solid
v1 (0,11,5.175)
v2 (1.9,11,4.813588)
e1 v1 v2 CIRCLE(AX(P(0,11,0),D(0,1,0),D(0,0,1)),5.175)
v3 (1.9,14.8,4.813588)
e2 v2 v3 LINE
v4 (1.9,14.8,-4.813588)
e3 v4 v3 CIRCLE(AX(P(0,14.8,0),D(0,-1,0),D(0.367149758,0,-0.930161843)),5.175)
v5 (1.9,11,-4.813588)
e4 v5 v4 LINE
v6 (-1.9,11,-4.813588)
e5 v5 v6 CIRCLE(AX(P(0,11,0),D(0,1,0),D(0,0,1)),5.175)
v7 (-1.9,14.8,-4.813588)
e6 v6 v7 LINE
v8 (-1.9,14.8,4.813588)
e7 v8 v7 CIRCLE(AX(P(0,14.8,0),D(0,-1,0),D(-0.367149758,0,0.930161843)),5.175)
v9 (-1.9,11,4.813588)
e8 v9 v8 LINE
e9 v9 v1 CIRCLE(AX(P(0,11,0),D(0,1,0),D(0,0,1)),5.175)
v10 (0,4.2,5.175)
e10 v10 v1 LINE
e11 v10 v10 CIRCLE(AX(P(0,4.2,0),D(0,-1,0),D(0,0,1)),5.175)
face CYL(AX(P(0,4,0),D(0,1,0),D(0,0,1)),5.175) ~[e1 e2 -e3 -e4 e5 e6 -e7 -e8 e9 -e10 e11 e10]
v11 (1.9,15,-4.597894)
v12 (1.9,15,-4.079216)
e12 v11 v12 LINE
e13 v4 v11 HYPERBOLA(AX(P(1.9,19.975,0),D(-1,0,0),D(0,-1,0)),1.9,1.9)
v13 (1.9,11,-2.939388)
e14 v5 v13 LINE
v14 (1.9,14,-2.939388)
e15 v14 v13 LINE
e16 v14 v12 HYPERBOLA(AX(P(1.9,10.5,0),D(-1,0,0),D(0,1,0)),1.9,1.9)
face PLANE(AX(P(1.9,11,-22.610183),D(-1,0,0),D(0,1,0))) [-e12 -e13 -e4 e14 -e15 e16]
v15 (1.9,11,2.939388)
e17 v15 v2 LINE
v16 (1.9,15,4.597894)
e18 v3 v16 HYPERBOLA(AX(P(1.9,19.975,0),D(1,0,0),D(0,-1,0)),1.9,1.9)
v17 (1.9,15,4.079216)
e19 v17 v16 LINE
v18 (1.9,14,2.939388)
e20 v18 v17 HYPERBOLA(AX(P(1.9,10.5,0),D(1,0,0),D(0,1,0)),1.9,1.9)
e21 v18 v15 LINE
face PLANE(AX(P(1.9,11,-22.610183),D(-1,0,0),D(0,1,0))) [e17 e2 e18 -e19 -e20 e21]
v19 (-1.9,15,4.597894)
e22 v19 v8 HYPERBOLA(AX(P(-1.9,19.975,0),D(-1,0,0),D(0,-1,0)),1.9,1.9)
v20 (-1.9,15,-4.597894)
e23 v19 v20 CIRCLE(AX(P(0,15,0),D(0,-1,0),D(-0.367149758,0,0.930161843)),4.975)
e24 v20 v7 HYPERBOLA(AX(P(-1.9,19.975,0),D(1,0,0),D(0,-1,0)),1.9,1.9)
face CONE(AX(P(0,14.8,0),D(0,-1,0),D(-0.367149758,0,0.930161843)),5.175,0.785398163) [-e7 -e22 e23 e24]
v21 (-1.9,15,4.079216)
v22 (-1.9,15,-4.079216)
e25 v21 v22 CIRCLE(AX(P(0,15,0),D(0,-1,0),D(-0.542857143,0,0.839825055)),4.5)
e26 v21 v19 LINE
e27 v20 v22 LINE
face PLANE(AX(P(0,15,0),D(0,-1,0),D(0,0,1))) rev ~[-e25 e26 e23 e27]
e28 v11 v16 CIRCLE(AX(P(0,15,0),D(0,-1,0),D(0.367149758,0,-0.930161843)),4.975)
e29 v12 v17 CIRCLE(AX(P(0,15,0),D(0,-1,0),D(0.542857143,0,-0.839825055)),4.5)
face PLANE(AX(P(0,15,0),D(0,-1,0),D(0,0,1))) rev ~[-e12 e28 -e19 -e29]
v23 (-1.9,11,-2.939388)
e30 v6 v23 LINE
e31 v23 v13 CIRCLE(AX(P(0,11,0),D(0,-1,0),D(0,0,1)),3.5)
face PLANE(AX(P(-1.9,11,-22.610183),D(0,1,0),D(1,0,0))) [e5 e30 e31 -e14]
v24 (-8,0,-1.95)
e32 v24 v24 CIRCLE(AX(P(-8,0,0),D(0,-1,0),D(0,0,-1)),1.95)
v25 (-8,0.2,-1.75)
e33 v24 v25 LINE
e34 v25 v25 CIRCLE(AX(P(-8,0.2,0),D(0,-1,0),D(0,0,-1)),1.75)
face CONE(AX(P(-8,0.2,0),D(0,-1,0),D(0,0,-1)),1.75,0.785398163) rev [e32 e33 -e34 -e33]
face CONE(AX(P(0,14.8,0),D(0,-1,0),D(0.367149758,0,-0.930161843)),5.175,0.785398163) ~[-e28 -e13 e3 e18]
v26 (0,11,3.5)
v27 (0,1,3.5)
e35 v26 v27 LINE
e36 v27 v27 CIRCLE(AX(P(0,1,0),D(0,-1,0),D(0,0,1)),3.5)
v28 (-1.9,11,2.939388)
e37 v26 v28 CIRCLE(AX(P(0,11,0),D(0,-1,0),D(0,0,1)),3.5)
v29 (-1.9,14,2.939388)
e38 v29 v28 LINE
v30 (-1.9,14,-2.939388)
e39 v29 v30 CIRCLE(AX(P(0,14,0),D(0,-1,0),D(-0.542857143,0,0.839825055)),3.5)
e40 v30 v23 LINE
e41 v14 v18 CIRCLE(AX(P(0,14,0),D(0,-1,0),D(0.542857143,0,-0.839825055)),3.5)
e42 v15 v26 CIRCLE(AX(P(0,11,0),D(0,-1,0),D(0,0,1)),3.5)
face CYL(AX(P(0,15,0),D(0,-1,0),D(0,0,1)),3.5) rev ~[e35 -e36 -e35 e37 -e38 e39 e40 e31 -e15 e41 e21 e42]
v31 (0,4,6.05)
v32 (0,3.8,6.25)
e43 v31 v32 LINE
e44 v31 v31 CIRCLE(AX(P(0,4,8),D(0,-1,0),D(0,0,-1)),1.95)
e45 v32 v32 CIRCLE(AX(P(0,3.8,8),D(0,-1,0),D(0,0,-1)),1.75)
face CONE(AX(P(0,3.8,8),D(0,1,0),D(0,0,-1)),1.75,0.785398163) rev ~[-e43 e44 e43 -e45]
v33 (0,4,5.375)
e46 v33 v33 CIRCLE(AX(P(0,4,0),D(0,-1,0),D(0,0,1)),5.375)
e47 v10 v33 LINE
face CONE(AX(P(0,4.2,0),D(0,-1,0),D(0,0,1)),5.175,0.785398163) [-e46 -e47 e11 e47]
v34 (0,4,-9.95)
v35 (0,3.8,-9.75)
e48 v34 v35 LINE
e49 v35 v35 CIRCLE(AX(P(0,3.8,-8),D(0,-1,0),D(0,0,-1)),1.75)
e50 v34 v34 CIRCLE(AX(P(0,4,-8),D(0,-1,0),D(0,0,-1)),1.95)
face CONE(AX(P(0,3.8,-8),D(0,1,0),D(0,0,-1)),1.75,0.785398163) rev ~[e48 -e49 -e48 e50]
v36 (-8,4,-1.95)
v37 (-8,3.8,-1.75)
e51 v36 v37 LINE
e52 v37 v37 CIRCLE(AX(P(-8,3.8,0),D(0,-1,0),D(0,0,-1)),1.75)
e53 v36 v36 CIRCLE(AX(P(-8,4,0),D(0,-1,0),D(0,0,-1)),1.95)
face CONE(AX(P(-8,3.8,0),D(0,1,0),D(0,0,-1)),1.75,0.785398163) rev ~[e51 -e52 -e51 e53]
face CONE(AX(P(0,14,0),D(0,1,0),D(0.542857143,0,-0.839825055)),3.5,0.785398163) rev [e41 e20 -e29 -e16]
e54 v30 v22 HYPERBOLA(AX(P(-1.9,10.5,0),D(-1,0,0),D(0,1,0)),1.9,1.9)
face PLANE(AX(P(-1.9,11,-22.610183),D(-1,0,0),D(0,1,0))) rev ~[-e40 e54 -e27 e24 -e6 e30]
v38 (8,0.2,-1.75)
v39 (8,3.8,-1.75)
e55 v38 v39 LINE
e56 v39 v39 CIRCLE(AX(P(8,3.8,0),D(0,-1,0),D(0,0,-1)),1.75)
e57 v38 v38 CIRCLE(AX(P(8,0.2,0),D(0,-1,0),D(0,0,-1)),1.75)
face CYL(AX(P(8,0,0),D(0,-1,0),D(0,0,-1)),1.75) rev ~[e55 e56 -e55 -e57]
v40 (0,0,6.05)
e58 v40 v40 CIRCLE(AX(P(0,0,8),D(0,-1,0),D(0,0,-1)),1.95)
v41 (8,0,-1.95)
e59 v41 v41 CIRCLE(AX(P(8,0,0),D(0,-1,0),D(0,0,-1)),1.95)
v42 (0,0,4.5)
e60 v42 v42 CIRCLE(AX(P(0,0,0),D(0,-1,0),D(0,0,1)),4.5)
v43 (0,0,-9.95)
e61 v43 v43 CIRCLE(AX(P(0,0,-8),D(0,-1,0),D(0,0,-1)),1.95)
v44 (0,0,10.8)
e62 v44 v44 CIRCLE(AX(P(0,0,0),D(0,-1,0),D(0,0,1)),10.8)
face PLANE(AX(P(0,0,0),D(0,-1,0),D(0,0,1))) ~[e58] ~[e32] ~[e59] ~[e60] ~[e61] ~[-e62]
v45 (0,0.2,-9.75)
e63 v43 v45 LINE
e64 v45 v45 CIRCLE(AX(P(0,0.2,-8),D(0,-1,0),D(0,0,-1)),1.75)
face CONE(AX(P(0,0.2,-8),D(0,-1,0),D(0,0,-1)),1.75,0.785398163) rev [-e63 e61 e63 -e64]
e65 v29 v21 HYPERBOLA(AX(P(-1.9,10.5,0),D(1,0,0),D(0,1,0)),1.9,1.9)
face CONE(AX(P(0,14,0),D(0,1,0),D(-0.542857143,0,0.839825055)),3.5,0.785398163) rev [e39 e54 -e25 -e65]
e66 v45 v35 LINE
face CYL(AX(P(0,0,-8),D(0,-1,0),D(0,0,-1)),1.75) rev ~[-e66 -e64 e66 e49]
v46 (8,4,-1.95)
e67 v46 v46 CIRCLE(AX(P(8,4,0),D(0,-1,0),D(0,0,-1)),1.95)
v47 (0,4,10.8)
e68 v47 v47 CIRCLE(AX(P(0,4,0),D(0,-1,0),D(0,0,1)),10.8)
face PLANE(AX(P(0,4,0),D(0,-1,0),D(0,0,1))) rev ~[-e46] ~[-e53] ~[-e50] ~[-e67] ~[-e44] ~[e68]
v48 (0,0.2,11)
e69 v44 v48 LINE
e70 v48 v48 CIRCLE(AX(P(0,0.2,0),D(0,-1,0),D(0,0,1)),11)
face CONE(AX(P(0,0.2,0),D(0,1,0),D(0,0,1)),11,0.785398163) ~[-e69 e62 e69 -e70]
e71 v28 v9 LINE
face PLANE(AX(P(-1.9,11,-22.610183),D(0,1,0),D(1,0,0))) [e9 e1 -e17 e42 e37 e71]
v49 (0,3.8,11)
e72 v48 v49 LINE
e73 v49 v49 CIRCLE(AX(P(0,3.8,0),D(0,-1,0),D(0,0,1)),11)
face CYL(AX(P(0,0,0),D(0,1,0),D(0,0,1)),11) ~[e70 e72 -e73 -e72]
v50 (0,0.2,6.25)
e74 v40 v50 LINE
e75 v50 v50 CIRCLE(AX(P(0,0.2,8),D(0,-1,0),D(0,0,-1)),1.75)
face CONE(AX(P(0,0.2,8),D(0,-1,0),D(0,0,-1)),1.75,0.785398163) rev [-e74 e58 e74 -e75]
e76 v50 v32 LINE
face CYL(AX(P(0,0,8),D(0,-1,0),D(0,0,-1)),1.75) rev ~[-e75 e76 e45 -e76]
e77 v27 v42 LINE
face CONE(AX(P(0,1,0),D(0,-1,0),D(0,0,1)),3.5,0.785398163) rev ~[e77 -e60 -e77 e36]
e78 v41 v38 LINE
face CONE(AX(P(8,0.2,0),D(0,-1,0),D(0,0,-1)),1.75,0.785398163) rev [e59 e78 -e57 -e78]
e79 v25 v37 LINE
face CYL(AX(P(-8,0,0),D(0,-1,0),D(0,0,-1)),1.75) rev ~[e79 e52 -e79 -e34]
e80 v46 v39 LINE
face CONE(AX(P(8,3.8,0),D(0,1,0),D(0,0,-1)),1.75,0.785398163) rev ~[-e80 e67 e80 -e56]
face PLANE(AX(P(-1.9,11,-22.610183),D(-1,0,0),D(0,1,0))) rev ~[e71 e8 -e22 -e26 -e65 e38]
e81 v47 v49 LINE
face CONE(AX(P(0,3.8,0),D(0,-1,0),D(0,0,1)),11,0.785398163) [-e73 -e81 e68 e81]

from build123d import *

# Parameters (mm, degrees)
CUT_EXTRUDE_1_DEPTH      = 22.610182785
CUT_EXTRUDE_1_DEPTH_BACK = 22.610182785
SKETCH_3_W               = 3.8
SKETCH_3_H               = 4
SKETCH_4_R               = 1.75
CUT_EXTRUDE_2_DEPTH      = 4
CHAMFER_1_SIZE           = 1
CHAMFER_2_SIZE           = 0.2


with BuildPart() as part:
    # Эскиз2 → Повернуть1 (revolve)
    with BuildSketch(Plane(origin=(0, 0, 0), x_dir=(0, 0, -1), z_dir=(1, 0, 0)), mode=Mode.PRIVATE) as revolve_1_sk:
        Polygon((3.5, 15), (3.5, 0), (11, 0), (11, 4), (5.175, 4), (5.175, 15), align=None)
    revolve(revolve_1_sk.sketch.rotate(Axis((0, 40.815789474, 0), (0, -1, 0)), 180), axis=Axis((0, 40.815789474, 0), (0, -1, 0)))

    # Эскиз3 → Вырез-Вытянуть1 (cut, two sides: drawn at the far end of the back side and taken through both)
    with BuildSketch(Plane.XY.offset(-CUT_EXTRUDE_1_DEPTH_BACK)):
        with Locations((0, 13)):
            Rectangle(SKETCH_3_W, SKETCH_3_H)
    extrude(amount=CUT_EXTRUDE_1_DEPTH + CUT_EXTRUDE_1_DEPTH_BACK, mode=Mode.SUBTRACT)

    # Эскиз4 → Вырез-Вытянуть2 (cut)
    with BuildSketch(Plane.XZ):
        with Locations(Location((0, 8, 0), (0, 0, 270))):
            Circle(SKETCH_4_R)
        with Locations(Location((8, 0, 0), (0, 0, 270))):
            Circle(SKETCH_4_R)
        with Locations(Location((0, -8, 0), (0, 0, 270))):
            Circle(SKETCH_4_R)
        with Locations(Location((-8, 0, 0), (0, 0, 270))):
            Circle(SKETCH_4_R)
    extrude(amount=-CUT_EXTRUDE_2_DEPTH, mode=Mode.SUBTRACT)

    # Фаска1
    chamfer_1_edges = [part.edges().sort_by_distance(p)[0] for p in [
        (-3.5, 15, 0),
        (0, 0, -3.5),
        (3.5, 15, 0),
    ]]
    chamfer(chamfer_1_edges, length=CHAMFER_1_SIZE)

    # Фаска2
    chamfer_2_edges = [part.edges().sort_by_distance(p)[0] for p in [
        (-5.175, 15, 0),
        (0, 4, 9.75),
        (0, 0, 9.75),
        (8, 4, 1.75),
        (8, 0, 1.75),
        (5.175, 15, 0),
        (0, 4, -6.25),
        (0, 0, -6.25),
        (0, 4, -5.175),
        (-8, 4, 1.75),
        (-8, 0, 1.75),
        (0, 4, -11),
        (0, 0, -11),
    ]]
    chamfer(chamfer_2_edges, length=CHAMFER_2_SIZE)


solid = part.part
